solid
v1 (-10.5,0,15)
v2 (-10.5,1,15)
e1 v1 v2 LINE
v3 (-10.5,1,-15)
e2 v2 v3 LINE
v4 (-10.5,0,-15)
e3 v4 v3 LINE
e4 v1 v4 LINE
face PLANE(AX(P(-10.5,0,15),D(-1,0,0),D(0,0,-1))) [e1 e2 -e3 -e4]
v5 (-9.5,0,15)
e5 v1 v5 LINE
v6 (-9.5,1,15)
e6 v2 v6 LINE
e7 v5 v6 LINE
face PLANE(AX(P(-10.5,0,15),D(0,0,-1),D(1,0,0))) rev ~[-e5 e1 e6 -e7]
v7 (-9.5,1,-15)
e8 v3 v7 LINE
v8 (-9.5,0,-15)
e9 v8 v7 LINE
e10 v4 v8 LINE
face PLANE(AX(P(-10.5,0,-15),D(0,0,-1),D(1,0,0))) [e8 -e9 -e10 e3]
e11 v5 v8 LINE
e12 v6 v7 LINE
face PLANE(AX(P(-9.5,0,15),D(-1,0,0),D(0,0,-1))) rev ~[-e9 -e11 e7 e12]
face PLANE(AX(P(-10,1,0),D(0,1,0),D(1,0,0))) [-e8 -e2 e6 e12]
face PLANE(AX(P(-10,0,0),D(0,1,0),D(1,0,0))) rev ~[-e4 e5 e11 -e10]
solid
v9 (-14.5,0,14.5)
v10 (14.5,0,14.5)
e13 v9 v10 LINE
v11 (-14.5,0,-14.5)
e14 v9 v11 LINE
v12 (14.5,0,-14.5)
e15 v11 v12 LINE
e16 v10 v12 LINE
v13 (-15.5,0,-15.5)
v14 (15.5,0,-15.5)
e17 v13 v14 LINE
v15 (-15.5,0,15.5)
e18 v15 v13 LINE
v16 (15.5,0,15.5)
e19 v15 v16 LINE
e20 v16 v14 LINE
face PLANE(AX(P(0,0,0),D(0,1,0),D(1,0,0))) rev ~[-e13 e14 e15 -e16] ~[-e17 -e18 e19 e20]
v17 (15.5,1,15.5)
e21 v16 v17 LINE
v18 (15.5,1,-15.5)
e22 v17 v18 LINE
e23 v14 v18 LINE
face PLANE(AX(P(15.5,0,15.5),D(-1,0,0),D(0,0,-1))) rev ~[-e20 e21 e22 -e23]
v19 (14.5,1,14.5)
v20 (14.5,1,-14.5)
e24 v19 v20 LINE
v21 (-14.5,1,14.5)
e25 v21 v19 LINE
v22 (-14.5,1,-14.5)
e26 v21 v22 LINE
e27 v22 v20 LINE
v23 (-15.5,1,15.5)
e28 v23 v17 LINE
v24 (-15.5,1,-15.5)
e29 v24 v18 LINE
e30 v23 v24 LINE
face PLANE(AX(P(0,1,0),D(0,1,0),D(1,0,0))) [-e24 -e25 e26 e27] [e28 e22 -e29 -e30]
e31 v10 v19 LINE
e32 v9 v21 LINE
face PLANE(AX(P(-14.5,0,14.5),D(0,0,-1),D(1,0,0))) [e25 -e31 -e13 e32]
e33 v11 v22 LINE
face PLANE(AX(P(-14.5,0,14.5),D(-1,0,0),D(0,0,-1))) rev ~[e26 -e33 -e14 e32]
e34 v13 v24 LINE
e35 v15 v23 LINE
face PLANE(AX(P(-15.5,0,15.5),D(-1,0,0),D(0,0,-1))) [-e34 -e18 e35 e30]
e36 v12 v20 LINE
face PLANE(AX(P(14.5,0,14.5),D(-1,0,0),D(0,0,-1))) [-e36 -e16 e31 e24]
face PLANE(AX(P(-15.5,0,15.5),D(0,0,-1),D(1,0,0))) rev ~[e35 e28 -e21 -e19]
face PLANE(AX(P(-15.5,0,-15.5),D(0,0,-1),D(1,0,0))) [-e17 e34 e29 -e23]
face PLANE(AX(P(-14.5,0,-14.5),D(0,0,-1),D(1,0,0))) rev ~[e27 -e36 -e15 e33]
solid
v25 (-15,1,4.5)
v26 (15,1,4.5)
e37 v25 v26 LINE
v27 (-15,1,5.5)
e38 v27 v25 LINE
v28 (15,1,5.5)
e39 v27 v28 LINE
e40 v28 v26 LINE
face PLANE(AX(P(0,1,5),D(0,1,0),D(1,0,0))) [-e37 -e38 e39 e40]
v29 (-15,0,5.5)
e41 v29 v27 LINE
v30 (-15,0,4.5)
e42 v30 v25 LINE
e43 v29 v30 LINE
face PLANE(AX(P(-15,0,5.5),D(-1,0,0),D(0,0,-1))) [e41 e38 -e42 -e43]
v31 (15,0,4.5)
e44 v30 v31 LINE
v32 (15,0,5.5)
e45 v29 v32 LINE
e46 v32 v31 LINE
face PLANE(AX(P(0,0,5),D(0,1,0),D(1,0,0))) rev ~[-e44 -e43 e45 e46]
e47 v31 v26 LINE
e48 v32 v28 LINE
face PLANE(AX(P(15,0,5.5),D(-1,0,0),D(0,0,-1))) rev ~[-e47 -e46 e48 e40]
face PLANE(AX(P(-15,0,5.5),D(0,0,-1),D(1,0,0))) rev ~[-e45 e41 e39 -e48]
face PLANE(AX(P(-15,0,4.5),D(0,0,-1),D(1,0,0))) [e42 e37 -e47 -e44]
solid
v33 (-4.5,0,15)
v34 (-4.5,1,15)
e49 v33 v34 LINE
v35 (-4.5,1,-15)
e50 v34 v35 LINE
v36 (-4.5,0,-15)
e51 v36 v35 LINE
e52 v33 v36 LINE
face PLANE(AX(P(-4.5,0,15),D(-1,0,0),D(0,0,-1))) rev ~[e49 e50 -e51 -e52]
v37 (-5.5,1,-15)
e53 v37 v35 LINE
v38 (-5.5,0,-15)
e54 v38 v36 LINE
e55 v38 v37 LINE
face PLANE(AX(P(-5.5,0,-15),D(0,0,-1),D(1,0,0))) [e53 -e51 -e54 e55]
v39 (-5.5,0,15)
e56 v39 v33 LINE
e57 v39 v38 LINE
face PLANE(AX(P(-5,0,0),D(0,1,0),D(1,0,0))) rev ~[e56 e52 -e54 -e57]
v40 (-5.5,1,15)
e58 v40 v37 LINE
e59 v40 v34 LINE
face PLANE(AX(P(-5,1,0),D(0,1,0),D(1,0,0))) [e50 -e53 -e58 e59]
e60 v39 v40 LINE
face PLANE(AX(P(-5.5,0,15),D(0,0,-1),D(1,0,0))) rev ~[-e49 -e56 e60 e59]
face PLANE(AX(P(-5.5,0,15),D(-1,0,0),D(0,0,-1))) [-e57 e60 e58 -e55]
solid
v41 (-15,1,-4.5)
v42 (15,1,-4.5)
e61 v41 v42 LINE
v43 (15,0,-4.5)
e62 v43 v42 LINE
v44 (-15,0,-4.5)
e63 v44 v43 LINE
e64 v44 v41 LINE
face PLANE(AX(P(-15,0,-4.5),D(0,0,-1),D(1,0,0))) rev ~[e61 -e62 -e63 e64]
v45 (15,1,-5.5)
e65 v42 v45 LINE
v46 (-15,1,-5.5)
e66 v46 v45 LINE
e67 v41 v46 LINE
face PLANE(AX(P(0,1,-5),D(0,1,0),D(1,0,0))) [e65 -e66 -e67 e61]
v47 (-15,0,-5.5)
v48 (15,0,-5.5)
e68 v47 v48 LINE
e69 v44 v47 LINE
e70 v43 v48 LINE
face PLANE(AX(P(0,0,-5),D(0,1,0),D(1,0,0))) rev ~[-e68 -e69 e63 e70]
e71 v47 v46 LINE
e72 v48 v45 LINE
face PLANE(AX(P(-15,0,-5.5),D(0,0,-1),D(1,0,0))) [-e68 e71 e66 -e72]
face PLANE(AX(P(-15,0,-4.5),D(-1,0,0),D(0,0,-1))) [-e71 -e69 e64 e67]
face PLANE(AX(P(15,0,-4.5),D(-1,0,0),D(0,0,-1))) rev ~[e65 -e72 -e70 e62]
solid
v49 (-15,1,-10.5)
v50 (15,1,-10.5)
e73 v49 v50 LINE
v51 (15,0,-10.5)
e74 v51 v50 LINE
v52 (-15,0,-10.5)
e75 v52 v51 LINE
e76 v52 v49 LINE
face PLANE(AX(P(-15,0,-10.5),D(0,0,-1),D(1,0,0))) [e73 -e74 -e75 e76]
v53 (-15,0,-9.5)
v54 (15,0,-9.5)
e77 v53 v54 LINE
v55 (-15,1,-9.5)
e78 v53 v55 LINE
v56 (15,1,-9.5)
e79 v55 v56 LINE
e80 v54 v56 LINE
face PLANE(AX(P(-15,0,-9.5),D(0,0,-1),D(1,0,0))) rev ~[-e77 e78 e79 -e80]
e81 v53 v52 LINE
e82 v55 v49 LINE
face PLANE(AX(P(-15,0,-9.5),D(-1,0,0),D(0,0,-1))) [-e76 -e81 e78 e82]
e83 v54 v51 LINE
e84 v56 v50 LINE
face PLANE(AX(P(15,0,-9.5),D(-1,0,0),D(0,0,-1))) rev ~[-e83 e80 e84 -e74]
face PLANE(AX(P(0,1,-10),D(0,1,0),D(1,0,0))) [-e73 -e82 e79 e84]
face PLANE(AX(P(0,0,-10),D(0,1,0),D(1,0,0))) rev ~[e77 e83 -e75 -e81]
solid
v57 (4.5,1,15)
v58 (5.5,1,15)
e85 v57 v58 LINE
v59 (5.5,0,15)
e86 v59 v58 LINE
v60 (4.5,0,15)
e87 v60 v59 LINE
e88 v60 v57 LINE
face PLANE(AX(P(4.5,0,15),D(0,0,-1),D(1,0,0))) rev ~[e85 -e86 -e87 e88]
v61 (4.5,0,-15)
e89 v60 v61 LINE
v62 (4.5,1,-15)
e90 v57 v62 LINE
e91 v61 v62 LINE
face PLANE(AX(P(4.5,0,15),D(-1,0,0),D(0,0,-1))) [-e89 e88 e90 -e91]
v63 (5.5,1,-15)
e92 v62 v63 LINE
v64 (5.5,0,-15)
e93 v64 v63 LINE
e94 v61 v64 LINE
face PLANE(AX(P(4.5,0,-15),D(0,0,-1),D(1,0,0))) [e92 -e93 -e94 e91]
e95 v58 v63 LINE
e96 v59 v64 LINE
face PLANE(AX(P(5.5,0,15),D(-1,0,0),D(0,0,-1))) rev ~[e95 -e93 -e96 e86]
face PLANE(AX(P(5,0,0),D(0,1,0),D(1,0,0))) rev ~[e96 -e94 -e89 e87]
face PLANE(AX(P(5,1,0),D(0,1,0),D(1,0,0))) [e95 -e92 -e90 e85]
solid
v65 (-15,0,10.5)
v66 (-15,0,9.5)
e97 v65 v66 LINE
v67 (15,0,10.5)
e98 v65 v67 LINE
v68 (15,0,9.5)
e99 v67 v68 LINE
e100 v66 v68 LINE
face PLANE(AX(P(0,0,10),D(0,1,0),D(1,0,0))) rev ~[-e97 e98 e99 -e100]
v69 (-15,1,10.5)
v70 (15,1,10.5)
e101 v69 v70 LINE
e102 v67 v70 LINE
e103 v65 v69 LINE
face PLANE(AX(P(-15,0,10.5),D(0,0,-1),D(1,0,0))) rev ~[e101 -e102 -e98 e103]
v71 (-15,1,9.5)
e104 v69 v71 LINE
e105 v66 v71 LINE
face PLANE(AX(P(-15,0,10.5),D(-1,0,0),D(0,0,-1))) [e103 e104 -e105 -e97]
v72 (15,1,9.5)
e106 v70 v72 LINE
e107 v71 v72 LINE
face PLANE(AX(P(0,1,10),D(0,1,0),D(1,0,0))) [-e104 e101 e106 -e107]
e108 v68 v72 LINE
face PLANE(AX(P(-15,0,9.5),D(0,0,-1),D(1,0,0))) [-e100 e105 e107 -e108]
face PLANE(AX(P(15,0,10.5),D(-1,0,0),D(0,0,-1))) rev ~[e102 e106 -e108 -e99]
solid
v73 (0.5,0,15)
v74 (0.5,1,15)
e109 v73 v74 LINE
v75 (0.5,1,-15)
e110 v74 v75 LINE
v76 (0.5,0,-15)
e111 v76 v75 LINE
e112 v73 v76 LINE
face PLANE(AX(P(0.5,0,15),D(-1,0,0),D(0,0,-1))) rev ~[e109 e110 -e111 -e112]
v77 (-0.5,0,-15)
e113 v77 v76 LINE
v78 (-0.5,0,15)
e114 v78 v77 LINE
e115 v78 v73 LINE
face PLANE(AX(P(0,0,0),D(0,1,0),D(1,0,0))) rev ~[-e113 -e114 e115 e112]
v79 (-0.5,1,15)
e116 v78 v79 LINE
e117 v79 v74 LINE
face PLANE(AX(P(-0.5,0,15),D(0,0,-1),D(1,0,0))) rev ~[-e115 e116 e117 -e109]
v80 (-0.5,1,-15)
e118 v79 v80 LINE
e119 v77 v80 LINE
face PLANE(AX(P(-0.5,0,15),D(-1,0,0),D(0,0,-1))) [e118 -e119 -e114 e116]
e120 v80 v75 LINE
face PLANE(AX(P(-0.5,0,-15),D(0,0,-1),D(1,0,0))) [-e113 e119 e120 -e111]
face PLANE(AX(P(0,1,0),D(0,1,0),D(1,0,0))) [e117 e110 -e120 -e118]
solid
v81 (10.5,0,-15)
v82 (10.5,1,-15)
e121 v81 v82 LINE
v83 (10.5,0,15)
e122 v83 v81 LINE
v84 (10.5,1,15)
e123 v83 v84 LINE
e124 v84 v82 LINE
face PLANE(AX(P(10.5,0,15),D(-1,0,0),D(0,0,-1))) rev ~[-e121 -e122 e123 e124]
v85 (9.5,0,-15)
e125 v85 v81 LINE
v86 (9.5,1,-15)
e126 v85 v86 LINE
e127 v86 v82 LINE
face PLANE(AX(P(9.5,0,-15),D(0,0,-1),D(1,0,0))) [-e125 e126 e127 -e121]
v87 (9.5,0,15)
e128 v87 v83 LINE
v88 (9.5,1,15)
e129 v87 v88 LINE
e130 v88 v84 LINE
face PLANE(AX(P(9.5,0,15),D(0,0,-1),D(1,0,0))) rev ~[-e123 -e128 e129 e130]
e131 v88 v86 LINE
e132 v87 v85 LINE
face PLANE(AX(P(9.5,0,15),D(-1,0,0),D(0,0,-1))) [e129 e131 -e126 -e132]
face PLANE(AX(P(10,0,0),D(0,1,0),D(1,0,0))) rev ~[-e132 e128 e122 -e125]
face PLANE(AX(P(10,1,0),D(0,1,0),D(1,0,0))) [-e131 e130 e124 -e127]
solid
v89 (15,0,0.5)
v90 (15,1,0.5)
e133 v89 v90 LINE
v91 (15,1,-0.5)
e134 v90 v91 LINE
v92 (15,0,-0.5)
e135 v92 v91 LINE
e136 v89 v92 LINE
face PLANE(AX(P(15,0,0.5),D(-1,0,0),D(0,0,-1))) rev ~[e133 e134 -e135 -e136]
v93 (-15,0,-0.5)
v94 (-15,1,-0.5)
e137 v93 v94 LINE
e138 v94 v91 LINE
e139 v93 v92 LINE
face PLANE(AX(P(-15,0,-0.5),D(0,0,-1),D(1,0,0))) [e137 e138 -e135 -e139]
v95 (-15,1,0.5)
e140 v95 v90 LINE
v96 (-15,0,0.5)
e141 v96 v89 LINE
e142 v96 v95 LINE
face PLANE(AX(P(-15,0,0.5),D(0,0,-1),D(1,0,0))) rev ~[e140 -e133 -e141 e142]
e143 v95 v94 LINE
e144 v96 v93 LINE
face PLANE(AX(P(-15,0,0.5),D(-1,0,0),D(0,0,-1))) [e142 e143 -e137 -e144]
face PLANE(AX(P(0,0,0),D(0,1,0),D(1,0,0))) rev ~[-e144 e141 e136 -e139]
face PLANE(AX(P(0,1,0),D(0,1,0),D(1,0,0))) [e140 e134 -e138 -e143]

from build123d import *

# Parameters (mm, degrees)
SKETCH1_W              = 1
SKETCH1_H              = 30
EXTRUDE_THIN1_DEPTH    = 1
SKETCH1_W_2            = 31
SKETCH1_H_2            = 31
SKETCH1_W_3            = 29
SKETCH1_H_3            = 29
EXTRUDE_THIN1_2_DEPTH  = 1
EXTRUDE_THIN1_3_DEPTH  = 1
EXTRUDE_THIN1_4_DEPTH  = 1
EXTRUDE_THIN1_5_DEPTH  = 1
EXTRUDE_THIN1_6_DEPTH  = 1
SKETCH1_W_4            = 30
SKETCH1_H_4            = 1
EXTRUDE_THIN1_7_DEPTH  = 1
EXTRUDE_THIN1_8_DEPTH  = 1
EXTRUDE_THIN1_9_DEPTH  = 1
EXTRUDE_THIN1_10_DEPTH = 1
EXTRUDE_THIN1_11_DEPTH = 1


with BuildPart() as part:
    # Sketch1 → Extrude-Thin1 (new body)
    with BuildSketch(Plane(origin=(0, 0, 0), x_dir=(1, 0, 0), z_dir=(0, 1, 0))):
        with Locations((-10, 0)):
            Rectangle(SKETCH1_W, SKETCH1_H)
    extrude(amount=EXTRUDE_THIN1_DEPTH)


with BuildPart() as body_2:
    # Sketch1 → Extrude-Thin1 2 (new body)
    with BuildSketch(Plane(origin=(0, 0, 0), x_dir=(1, 0, 0), z_dir=(0, 1, 0))):
        Rectangle(SKETCH1_W_2, SKETCH1_H_2)
        Rectangle(SKETCH1_W_3, SKETCH1_H_3, mode=Mode.SUBTRACT)
    extrude(amount=EXTRUDE_THIN1_2_DEPTH)


with BuildPart() as body_3:
    # Sketch1 → Extrude-Thin1 3 (new body)
    with BuildSketch(Plane(origin=(0, 0, 0), x_dir=(1, 0, 0), z_dir=(0, 1, 0))):
        with Locations((-5, 0)):
            Rectangle(SKETCH1_W, SKETCH1_H)
    extrude(amount=EXTRUDE_THIN1_3_DEPTH)


with BuildPart() as body_4:
    # Sketch1 → Extrude-Thin1 4 (new body)
    with BuildSketch(Plane(origin=(0, 0, 0), x_dir=(1, 0, 0), z_dir=(0, 1, 0))):
        Rectangle(SKETCH1_W, SKETCH1_H)
    extrude(amount=EXTRUDE_THIN1_4_DEPTH)


with BuildPart() as body_5:
    # Sketch1 → Extrude-Thin1 5 (new body)
    with BuildSketch(Plane(origin=(0, 0, 0), x_dir=(1, 0, 0), z_dir=(0, 1, 0))):
        with Locations((5, 0)):
            Rectangle(SKETCH1_W, SKETCH1_H)
    extrude(amount=EXTRUDE_THIN1_5_DEPTH)


with BuildPart() as body_6:
    # Sketch1 → Extrude-Thin1 6 (new body)
    with BuildSketch(Plane(origin=(0, 0, 0), x_dir=(1, 0, 0), z_dir=(0, 1, 0))):
        with Locations((10, 0)):
            Rectangle(SKETCH1_W, SKETCH1_H)
    extrude(amount=EXTRUDE_THIN1_6_DEPTH)


with BuildPart() as body_7:
    # Sketch1 → Extrude-Thin1 7 (new body)
    with BuildSketch(Plane(origin=(0, 0, 0), x_dir=(1, 0, 0), z_dir=(0, 1, 0))):
        with Locations((0, -10)):
            Rectangle(SKETCH1_W_4, SKETCH1_H_4)
    extrude(amount=EXTRUDE_THIN1_7_DEPTH)


with BuildPart() as body_8:
    # Sketch1 → Extrude-Thin1 8 (new body)
    with BuildSketch(Plane(origin=(0, 0, 0), x_dir=(1, 0, 0), z_dir=(0, 1, 0))):
        with Locations((0, -5)):
            Rectangle(SKETCH1_W_4, SKETCH1_H_4)
    extrude(amount=EXTRUDE_THIN1_8_DEPTH)


with BuildPart() as body_9:
    # Sketch1 → Extrude-Thin1 9 (new body)
    with BuildSketch(Plane(origin=(0, 0, 0), x_dir=(1, 0, 0), z_dir=(0, 1, 0))):
        Rectangle(SKETCH1_W_4, SKETCH1_H_4)
    extrude(amount=EXTRUDE_THIN1_9_DEPTH)


with BuildPart() as body_10:
    # Sketch1 → Extrude-Thin1 10 (new body)
    with BuildSketch(Plane(origin=(0, 0, 0), x_dir=(1, 0, 0), z_dir=(0, 1, 0))):
        with Locations((0, 5)):
            Rectangle(SKETCH1_W_4, SKETCH1_H_4)
    extrude(amount=EXTRUDE_THIN1_10_DEPTH)


with BuildPart() as body_11:
    # Sketch1 → Extrude-Thin1 11 (new body)
    with BuildSketch(Plane(origin=(0, 0, 0), x_dir=(1, 0, 0), z_dir=(0, 1, 0))):
        with Locations((0, 10)):
            Rectangle(SKETCH1_W_4, SKETCH1_H_4)
    extrude(amount=EXTRUDE_THIN1_11_DEPTH)


solid = Compound([part.part, body_2.part, body_3.part, body_4.part, body_5.part, body_6.part, body_7.part, body_8.part, body_9.part, body_10.part, body_11.part])
